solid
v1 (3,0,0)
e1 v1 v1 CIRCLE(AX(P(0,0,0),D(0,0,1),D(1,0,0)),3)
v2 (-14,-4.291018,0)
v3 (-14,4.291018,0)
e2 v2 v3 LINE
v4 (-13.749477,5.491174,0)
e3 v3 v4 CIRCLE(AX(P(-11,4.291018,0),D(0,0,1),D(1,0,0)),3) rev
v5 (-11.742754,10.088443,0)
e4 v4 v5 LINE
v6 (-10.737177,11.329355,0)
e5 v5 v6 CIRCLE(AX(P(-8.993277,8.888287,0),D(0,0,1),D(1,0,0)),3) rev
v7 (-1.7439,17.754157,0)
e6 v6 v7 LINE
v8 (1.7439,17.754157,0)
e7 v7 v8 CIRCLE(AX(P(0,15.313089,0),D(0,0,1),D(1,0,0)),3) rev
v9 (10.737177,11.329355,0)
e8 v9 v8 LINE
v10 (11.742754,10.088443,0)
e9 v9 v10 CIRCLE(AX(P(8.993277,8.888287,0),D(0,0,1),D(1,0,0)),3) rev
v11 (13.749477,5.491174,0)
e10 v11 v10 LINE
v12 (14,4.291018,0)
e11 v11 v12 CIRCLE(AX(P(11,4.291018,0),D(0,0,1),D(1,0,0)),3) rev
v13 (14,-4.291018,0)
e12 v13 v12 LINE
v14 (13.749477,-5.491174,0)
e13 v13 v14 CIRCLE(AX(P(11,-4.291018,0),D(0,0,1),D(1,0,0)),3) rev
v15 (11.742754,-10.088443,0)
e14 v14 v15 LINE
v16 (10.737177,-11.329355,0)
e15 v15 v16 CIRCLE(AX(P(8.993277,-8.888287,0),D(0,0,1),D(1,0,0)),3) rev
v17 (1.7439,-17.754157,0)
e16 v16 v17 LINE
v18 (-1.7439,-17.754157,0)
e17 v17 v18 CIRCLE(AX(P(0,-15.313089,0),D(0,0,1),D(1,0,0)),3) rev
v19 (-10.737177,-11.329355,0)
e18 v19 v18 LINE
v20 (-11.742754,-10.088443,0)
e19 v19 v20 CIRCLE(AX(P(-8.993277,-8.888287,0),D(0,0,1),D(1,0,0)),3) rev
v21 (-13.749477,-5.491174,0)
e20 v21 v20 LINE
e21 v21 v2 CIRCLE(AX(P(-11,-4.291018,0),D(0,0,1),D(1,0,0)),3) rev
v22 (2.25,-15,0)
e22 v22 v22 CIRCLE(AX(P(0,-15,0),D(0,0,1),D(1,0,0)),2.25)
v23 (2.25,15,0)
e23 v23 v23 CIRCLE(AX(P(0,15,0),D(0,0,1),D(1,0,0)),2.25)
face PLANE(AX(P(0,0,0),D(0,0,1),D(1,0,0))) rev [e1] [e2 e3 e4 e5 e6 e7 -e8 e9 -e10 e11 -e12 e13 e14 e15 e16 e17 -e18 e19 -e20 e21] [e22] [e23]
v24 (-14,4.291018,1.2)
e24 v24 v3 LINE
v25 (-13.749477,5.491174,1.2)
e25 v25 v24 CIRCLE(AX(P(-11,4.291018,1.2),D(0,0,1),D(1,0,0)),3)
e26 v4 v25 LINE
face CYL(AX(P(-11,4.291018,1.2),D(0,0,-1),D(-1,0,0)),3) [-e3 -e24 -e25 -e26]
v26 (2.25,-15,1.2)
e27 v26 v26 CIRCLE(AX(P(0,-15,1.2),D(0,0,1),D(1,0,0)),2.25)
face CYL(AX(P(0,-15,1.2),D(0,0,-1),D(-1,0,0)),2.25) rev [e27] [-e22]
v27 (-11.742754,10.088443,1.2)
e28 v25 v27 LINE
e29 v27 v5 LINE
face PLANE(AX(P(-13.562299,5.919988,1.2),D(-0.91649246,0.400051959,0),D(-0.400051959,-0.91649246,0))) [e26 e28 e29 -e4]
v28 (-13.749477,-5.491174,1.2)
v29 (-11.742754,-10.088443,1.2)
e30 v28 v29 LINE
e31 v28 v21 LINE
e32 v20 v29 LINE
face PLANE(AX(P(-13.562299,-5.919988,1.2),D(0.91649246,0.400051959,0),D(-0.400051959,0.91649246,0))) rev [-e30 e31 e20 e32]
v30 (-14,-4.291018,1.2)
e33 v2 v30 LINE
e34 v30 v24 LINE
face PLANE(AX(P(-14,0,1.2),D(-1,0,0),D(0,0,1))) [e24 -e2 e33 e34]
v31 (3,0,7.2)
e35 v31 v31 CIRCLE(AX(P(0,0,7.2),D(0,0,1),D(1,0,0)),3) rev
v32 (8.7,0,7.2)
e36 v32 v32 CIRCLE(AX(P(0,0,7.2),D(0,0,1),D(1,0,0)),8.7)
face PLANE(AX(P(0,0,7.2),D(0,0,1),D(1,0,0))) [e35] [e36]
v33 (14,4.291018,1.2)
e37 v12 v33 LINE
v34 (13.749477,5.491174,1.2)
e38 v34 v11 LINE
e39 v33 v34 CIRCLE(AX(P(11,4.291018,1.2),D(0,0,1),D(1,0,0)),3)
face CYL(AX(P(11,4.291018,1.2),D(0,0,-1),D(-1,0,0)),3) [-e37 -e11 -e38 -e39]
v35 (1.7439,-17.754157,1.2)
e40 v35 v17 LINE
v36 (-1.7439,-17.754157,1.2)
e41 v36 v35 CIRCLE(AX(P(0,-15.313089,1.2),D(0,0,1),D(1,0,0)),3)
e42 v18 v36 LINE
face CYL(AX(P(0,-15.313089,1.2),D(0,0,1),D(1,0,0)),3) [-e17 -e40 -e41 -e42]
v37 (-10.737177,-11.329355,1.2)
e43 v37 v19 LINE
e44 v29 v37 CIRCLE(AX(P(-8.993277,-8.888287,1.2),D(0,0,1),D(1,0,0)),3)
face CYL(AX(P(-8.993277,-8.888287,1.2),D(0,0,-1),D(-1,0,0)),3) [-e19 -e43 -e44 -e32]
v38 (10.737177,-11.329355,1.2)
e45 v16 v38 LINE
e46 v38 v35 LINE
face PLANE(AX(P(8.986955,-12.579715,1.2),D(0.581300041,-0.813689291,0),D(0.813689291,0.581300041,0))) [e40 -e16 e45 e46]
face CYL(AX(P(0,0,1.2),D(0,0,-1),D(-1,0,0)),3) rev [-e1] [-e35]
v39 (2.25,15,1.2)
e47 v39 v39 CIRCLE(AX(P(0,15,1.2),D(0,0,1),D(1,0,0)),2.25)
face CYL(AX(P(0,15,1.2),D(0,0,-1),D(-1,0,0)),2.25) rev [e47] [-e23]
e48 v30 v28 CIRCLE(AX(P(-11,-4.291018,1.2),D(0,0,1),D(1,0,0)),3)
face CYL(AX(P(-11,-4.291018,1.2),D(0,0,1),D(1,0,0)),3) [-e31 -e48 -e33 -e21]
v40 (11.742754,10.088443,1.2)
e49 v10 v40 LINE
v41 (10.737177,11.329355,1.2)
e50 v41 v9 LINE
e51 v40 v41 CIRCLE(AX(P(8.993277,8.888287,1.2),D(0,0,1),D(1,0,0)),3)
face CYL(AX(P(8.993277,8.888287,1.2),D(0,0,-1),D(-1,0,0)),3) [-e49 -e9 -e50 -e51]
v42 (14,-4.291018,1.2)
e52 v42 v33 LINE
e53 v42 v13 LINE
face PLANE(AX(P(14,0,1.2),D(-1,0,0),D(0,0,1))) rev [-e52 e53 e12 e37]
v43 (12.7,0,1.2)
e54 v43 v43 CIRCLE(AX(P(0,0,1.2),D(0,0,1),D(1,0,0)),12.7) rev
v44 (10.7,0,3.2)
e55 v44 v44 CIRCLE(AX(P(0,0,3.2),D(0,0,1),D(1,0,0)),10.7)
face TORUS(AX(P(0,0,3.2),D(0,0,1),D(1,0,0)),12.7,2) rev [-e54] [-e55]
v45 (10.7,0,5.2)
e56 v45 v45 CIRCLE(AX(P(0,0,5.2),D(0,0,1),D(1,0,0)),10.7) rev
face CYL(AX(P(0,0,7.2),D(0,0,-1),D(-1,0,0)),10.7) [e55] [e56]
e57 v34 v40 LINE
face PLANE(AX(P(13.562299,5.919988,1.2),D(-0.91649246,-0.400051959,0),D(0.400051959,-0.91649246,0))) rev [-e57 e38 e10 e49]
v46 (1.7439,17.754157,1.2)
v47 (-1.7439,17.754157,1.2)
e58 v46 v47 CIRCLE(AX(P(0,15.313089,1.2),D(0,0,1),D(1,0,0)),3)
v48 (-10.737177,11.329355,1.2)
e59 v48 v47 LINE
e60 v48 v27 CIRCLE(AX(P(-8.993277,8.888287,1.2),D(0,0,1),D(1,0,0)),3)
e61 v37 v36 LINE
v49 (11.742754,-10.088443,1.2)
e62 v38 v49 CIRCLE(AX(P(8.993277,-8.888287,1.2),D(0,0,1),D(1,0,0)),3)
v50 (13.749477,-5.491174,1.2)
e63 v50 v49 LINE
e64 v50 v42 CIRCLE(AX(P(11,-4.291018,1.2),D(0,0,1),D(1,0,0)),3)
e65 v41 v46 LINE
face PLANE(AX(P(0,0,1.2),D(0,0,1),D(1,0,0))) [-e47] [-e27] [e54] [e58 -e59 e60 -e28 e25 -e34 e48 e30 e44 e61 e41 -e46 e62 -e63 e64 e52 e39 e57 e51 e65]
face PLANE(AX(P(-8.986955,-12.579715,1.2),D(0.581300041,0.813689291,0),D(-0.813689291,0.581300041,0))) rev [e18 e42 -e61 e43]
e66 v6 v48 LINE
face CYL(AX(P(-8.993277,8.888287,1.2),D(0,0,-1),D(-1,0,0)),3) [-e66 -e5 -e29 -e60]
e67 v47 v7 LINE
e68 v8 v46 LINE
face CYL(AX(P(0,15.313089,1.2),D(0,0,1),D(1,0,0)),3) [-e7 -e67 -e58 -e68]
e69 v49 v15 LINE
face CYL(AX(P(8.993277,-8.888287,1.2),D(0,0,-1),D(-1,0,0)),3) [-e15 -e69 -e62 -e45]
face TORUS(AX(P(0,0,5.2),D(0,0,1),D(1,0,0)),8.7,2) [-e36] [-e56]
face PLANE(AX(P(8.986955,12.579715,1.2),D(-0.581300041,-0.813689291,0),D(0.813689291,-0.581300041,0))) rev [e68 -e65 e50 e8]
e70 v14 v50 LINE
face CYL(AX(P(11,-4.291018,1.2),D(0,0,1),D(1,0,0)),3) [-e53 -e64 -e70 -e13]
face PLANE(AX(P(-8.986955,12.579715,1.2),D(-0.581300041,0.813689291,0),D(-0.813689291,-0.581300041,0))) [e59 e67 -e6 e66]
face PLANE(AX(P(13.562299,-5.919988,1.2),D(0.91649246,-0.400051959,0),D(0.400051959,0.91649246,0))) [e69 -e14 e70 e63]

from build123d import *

# Parameters (mm, degrees)
SKETCH_1_R          = 2.25
SKETCH_1_R_2        = 3
EXTRUDE_1_DEPTH     = 1.2
FILLET_1_R          = 3
SKETCH_2_R          = 10.7
EXTRUDE_2_DEPTH     = 6
SKETCH_1_3_R        = 3
CUT_EXTRUDE_1_DEPTH = 20
FILLET_2_R          = 2


with BuildPart() as part:
    # ｽｹｯﾁ1 → ﾎﾞｽ - 押し出し1 (new body)
    with BuildSketch(Plane.XY):
        Polygon((-11.411313878, -10.847751594), (0, -19), (11.411313878, -10.847751594), (14, -4.917243675), (14, 4.917243675), (11.411313878, 10.847751594), (0, 19), (-11.411313878, 10.847751594), (-14, 4.917243675), (-14, -4.917243675), align=None)
        with Locations((0, 15)):
            Circle(SKETCH_1_R, mode=Mode.SUBTRACT)
        Circle(SKETCH_1_R_2, mode=Mode.SUBTRACT)
        with Locations((0, -15)):
            Circle(SKETCH_1_R, mode=Mode.SUBTRACT)
    extrude(amount=EXTRUDE_1_DEPTH)

    # ﾌｨﾚｯﾄ1
    fillet_1_edges = [part.edges().sort_by_distance(p)[0] for p in [
        (-14, -4.917243675, 0.6),
        (-11.411313878, -10.847751594, 0.6),
        (0, -19, 0.6),
        (11.411313878, -10.847751594, 0.6),
        (14, -4.917243675, 0.6),
        (14, 4.917243675, 0.6),
        (11.411313878, 10.847751594, 0.6),
        (-14, 4.917243675, 0.6),
        (-11.411313878, 10.847751594, 0.6),
        (0, 19, 0.6),
    ]]
    fillet(fillet_1_edges, radius=FILLET_1_R)

    # ｽｹｯﾁ2 → ﾎﾞｽ - 押し出し2 (add)
    with BuildSketch(Plane.XY.offset(1.2)):
        Circle(SKETCH_2_R)
    extrude(amount=EXTRUDE_2_DEPTH)

    # ｽｹｯﾁ1<3> → ｶｯﾄ - 押し出し1 (cut)
    with BuildSketch(Plane.XY):
        Circle(SKETCH_1_3_R)
    extrude(amount=CUT_EXTRUDE_1_DEPTH, mode=Mode.SUBTRACT)

    # ﾌｨﾚｯﾄ2
    fillet_2_edges = [part.edges().sort_by_distance(p)[0] for p in [
        (-10.7, 0, 7.2),
        (-10.7, 0, 1.2),
    ]]
    fillet(fillet_2_edges, radius=FILLET_2_R)


solid = part.part
